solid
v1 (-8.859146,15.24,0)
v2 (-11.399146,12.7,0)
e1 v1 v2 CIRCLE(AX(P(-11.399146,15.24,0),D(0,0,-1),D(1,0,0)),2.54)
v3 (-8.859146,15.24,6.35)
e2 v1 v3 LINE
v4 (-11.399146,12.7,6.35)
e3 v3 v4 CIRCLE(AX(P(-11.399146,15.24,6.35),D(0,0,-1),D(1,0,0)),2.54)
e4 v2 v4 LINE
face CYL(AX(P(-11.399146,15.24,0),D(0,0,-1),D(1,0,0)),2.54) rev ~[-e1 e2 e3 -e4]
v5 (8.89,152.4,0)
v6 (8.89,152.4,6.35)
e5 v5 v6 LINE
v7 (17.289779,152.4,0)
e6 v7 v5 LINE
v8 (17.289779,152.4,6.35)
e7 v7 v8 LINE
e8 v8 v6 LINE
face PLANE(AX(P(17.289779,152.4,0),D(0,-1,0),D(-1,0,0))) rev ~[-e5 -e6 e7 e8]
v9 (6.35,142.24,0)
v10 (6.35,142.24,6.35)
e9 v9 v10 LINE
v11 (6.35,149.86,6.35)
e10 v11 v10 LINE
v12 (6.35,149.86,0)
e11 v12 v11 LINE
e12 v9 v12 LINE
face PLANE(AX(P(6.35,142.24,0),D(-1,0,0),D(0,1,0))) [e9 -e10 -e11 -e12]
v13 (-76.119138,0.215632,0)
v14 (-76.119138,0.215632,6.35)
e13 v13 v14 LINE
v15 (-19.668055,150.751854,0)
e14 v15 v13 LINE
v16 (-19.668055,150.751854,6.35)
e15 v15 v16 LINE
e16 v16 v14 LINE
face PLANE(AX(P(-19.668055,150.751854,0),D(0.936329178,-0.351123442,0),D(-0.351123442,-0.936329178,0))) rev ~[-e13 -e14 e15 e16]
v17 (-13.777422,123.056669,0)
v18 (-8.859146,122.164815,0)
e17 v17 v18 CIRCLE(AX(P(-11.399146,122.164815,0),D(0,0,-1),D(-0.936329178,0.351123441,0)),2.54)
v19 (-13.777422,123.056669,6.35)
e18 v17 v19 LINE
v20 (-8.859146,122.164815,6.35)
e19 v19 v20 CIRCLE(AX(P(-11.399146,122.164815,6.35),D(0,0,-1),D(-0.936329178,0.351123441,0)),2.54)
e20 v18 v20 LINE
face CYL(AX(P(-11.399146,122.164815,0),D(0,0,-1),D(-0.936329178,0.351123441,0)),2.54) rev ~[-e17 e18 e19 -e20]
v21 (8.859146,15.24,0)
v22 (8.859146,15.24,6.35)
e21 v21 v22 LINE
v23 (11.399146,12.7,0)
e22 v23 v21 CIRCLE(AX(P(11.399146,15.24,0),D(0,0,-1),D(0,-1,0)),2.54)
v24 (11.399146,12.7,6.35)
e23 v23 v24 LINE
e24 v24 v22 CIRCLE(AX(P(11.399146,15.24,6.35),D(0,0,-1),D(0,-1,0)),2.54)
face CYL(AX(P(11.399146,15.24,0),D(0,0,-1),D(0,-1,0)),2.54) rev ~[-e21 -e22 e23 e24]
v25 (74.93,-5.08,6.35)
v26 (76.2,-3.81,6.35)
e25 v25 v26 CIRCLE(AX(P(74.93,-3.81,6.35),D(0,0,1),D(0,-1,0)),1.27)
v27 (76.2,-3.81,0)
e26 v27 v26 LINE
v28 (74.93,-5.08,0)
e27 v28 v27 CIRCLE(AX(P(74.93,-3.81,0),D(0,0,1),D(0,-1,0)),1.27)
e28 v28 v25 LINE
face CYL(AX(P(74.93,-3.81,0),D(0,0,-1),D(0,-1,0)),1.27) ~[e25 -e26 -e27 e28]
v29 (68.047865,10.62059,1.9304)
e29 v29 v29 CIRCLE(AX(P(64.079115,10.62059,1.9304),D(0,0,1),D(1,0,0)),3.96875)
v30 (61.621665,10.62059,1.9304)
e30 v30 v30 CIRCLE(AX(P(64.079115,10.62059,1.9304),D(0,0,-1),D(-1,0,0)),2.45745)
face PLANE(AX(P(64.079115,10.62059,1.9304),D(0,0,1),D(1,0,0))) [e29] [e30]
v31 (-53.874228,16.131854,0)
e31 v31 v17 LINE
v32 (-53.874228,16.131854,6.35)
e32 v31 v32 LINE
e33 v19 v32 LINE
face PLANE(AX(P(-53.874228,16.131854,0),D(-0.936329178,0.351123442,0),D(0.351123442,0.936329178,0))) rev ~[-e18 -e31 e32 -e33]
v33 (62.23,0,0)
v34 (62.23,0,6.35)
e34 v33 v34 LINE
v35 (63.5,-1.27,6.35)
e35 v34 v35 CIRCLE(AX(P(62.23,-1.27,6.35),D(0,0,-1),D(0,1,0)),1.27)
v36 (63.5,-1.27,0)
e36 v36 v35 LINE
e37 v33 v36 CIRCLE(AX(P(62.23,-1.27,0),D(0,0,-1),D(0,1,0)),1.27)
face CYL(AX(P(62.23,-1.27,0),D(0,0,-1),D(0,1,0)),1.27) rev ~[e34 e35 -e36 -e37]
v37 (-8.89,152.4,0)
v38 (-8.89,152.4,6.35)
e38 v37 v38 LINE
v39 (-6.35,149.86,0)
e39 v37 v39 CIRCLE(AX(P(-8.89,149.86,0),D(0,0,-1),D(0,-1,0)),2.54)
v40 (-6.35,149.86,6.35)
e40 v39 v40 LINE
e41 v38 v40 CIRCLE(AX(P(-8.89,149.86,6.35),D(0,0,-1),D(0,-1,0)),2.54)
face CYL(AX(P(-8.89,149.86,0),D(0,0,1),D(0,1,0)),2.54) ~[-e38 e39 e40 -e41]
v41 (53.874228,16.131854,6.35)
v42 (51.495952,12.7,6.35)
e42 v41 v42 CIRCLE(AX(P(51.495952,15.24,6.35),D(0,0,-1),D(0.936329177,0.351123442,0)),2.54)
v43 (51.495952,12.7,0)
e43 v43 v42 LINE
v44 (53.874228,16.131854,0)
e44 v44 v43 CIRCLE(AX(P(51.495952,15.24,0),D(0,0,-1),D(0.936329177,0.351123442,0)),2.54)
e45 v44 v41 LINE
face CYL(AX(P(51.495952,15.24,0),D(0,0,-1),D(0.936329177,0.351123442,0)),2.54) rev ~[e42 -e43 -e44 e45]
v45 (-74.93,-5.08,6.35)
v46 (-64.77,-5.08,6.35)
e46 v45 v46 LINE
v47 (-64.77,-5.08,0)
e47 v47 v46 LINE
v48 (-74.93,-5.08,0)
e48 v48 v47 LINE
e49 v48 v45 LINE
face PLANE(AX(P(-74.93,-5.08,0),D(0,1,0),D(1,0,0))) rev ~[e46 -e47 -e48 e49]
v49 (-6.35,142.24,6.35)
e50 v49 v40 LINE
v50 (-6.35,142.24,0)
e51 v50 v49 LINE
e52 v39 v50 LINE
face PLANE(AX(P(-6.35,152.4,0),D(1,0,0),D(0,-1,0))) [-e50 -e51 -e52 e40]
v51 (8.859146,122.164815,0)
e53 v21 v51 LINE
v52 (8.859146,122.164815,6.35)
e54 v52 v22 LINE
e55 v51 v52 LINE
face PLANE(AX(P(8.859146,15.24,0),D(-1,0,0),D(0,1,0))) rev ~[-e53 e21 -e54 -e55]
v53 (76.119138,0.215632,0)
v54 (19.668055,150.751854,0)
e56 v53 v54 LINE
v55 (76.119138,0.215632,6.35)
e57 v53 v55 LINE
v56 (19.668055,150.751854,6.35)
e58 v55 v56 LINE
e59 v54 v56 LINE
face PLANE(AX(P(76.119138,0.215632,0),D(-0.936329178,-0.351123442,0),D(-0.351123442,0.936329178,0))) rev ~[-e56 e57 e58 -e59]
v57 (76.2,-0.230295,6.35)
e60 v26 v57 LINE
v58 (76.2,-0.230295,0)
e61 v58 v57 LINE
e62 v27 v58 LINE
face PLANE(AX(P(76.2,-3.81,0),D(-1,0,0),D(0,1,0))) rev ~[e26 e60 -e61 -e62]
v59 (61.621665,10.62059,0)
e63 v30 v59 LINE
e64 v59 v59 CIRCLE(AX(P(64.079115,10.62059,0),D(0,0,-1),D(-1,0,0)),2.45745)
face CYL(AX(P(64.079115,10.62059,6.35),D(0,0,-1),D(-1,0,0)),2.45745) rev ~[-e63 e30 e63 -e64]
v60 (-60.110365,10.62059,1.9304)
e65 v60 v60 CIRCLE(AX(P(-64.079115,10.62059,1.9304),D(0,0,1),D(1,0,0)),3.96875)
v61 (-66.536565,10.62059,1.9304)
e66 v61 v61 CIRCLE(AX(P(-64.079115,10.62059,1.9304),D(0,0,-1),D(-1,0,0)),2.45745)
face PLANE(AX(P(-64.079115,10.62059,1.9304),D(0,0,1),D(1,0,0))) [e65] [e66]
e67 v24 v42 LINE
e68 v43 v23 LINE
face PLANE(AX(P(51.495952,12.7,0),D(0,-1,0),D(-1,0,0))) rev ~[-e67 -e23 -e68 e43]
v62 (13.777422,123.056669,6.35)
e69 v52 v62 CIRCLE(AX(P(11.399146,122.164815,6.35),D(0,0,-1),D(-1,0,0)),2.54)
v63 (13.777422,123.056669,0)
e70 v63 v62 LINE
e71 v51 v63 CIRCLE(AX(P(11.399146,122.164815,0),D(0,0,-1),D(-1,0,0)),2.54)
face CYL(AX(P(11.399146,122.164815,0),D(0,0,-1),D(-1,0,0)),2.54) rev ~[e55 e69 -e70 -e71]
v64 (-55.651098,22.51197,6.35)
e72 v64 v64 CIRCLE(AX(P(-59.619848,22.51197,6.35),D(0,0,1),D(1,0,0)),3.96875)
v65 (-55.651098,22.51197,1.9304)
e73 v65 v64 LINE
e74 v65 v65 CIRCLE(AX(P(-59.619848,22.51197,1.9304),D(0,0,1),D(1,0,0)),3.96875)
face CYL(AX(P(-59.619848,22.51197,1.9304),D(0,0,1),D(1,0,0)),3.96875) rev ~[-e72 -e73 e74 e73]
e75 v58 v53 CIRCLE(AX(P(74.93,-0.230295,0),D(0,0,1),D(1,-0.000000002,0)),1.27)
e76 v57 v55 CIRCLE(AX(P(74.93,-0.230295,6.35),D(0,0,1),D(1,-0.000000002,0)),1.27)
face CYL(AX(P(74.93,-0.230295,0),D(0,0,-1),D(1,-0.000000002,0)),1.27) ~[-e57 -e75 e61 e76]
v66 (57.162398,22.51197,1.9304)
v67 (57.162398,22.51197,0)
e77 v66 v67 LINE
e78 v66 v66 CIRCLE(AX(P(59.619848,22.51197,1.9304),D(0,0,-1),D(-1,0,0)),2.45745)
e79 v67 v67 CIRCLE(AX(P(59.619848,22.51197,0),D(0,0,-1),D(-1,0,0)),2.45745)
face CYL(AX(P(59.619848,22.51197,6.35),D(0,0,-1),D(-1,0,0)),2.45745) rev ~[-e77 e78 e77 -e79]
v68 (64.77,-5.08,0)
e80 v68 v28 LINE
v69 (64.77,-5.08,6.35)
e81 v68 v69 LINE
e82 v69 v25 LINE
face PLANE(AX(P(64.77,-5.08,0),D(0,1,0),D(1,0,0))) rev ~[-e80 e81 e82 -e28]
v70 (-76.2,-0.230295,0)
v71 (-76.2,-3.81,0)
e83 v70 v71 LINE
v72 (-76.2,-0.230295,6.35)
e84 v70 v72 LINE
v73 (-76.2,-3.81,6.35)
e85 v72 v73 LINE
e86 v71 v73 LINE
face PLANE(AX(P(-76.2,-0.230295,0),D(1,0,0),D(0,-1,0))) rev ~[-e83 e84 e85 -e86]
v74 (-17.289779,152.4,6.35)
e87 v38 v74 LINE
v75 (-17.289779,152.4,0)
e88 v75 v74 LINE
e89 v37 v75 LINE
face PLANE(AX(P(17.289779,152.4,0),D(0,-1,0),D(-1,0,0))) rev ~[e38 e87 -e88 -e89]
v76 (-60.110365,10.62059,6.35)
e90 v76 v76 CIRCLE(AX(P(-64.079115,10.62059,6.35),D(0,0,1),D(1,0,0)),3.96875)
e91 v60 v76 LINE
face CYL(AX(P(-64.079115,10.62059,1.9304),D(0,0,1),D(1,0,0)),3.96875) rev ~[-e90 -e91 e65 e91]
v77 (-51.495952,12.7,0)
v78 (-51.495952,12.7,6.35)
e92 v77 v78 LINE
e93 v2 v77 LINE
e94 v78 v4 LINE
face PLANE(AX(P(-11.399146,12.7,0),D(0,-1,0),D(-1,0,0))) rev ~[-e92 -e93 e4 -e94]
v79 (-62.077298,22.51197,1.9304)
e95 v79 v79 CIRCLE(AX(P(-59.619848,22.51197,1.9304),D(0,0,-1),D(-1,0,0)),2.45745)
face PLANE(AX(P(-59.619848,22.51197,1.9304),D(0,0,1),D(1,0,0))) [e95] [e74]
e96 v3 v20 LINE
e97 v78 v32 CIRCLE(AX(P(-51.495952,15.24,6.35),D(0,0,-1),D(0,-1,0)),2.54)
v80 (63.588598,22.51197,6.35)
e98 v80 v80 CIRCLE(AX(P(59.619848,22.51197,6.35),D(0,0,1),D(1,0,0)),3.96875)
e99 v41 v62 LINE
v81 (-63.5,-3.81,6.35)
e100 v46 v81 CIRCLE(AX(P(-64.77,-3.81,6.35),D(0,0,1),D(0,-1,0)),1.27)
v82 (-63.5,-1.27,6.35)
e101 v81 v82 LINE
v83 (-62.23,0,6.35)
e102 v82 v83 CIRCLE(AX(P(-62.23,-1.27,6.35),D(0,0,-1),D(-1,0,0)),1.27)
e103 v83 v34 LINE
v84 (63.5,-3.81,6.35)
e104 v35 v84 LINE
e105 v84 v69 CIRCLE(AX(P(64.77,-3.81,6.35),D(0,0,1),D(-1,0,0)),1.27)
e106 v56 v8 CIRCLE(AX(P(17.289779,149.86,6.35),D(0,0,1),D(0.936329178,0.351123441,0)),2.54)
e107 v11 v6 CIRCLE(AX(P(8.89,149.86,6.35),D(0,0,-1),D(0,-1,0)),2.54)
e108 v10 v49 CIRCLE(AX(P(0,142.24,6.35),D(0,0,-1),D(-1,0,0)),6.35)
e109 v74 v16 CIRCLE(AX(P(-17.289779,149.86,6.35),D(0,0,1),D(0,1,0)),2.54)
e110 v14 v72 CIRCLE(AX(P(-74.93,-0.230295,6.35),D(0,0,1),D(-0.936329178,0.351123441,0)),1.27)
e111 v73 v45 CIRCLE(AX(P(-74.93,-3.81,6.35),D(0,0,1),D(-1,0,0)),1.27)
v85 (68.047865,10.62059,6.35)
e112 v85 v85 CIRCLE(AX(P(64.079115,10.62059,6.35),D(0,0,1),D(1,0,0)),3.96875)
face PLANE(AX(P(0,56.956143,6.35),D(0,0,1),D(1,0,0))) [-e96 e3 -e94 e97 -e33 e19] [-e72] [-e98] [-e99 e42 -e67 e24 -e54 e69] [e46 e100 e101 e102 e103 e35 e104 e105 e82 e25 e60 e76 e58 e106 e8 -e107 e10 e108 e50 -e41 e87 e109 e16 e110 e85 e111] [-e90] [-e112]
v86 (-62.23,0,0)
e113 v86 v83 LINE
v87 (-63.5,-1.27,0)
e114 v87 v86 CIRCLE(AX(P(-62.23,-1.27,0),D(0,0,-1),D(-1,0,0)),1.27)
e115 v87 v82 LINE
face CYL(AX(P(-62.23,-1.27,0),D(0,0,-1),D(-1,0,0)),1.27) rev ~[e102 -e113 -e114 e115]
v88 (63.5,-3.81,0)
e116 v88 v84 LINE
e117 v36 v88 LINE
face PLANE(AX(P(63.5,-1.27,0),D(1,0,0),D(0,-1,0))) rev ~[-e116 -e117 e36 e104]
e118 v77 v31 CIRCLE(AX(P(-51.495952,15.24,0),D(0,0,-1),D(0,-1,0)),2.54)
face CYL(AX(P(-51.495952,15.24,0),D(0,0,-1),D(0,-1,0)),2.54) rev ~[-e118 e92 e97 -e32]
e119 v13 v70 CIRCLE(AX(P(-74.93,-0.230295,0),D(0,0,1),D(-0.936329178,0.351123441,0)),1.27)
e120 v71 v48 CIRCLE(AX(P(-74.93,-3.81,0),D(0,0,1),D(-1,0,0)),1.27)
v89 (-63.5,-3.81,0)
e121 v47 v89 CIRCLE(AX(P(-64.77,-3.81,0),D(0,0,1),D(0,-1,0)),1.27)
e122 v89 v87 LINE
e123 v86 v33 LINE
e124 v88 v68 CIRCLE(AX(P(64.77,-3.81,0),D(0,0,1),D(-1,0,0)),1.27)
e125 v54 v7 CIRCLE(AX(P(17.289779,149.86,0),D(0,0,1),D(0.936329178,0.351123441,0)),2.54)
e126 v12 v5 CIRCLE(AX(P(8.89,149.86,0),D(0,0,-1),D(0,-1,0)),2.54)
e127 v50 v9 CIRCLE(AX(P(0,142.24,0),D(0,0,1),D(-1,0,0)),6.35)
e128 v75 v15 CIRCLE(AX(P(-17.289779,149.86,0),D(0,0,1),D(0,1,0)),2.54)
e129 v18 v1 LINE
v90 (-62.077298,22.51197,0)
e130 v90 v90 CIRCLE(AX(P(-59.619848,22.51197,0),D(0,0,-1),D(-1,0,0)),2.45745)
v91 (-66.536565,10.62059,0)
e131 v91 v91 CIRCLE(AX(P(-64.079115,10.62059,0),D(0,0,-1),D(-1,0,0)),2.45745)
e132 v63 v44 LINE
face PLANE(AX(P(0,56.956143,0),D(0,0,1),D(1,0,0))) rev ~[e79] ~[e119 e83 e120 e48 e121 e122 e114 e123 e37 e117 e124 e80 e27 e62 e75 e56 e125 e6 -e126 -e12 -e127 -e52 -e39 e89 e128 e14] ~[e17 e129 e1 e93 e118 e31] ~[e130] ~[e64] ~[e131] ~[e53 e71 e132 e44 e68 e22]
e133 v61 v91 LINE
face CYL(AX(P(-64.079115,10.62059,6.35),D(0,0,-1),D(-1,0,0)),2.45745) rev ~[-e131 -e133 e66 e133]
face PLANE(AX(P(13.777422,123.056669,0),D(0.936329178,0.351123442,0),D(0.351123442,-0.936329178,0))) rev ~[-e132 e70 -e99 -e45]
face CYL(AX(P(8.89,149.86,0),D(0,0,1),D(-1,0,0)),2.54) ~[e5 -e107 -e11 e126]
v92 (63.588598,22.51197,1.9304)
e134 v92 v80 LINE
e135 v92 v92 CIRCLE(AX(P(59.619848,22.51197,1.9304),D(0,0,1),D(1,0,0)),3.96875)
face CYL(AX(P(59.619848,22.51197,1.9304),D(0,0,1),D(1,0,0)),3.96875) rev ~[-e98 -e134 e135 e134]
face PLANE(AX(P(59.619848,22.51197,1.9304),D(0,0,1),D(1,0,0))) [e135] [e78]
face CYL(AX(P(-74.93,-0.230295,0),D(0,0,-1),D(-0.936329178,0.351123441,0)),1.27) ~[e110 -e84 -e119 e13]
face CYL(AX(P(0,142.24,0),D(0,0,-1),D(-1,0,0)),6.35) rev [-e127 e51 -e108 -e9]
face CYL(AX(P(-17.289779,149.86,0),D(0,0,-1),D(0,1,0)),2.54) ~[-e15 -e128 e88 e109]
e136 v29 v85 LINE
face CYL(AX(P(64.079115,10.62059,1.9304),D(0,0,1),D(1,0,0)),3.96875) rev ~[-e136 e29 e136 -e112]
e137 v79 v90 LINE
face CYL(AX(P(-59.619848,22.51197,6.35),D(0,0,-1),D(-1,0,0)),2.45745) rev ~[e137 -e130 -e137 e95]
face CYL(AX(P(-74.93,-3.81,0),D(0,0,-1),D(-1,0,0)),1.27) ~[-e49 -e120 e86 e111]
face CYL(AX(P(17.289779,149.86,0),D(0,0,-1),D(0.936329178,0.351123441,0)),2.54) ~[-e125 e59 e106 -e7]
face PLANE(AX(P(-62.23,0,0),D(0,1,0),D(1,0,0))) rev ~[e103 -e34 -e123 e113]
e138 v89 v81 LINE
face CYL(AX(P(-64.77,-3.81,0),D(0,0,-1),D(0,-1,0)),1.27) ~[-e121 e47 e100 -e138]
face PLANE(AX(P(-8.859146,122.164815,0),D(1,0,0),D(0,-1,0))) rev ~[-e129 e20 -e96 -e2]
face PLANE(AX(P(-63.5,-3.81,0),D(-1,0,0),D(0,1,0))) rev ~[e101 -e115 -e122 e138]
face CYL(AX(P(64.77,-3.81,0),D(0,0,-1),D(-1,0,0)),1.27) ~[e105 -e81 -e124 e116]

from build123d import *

# Parameters (mm, degrees)
BOSS_EXTRUDE1_DEPTH                            = 6.35
CUT_EXTRUDE1_DEPTH                             = 7.35
CUT_EXTRUDE2_DEPTH                             = 7.35
FILLET1_R                                      = 2.54
CBORE_FOR_8_SOCKET_HEAD_CAP_SCREW1_D           = 4.9149
CBORE_FOR_8_SOCKET_HEAD_CAP_SCREW1_CBORE_D     = 7.9375
CBORE_FOR_8_SOCKET_HEAD_CAP_SCREW1_CBORE_DEPTH = 4.4196


with BuildPart() as part:
    # Sketch1 → Boss-Extrude1 (new body)
    with BuildSketch(Plane.XY):
        with BuildLine():
            Line((-19.668054922, 150.751853542), (-76.119138056, 0.215631852))
            ThreePointArc((-76.119138056, 0.215631852), (-76.179621009, -0.003695416), (-76.2, -0.230294919))
            Line((-76.2, -0.230294919), (-76.2, -3.81))
            ThreePointArc((-76.2, -3.81), (-75.828025612, -4.708025612), (-74.93, -5.08))
            Line((-74.93, -5.08), (-64.77, -5.08))
            ThreePointArc((-64.77, -5.08), (-63.871974388, -4.708025612), (-63.5, -3.81))
            Line((-63.5, -3.81), (-63.5, -1.27))
            ThreePointArc((-63.5, -1.27), (-63.128025612, -0.371974388), (-62.23, 0))
            Line((-62.23, 0), (62.23, 0))
            ThreePointArc((62.23, 0), (63.128025612, -0.371974388), (63.5, -1.27))
            Line((63.5, -1.27), (63.5, -3.81))
            ThreePointArc((63.5, -3.81), (63.871974388, -4.708025612), (64.77, -5.08))
            Line((64.77, -5.08), (74.93, -5.08))
            ThreePointArc((74.93, -5.08), (75.828025612, -4.708025612), (76.2, -3.81))
            Line((76.2, -3.81), (76.2, -0.230294919))
            ThreePointArc((76.2, -0.230294919), (76.179621009, -0.003695416), (76.119138056, 0.215631852))
            Line((76.119138056, 0.215631852), (19.668054922, 150.751853542))
            ThreePointArc((19.668054922, 150.751853542), (18.736549699, 151.947691069), (17.289778811, 152.4))
            Line((17.289778811, 152.4), (-17.289778811, 152.4))
            ThreePointArc((-17.289778811, 152.4), (-18.736549699, 151.947691069), (-19.668054922, 150.751853542))
        make_face()
    extrude(amount=BOSS_EXTRUDE1_DEPTH)

    # Sketch2 → Cut-Extrude1 (cut, through all)
    with BuildSketch(Plane(origin=(0, 0, 0), x_dir=(-1, 0, 0), z_dir=(0, 0, -1))):
        with BuildLine():
            Line((-8.859145886, 15.24), (-8.859145886, 122.164815439))
            ThreePointArc((-8.859145886, 122.164815439), (-10.94594688, 124.664057457), (-13.777421997, 123.056668981))
            Line((-13.777421997, 123.056668981), (-53.874227787, 16.131853542))
            ThreePointArc((-53.874227787, 16.131853542), (-53.583642745, 13.793229112), (-51.495951676, 12.7))
            Line((-51.495951676, 12.7), (-11.399145886, 12.7))
            ThreePointArc((-11.399145886, 12.7), (-9.603094662, 13.443948776), (-8.859145886, 15.24))
        make_face()
        with BuildLine():
            Line((53.874227787, 16.131853542), (13.777421997, 123.056668981))
            ThreePointArc((13.777421997, 123.056668981), (10.94594688, 124.664057457), (8.859145886, 122.164815439))
            Line((8.859145886, 122.164815439), (8.859145886, 15.24))
            ThreePointArc((8.859145886, 15.24), (9.603094662, 13.443948776), (11.399145886, 12.7))
            Line((11.399145886, 12.7), (51.495951676, 12.7))
            ThreePointArc((51.495951676, 12.7), (53.583642745, 13.793229112), (53.874227787, 16.131853542))
        make_face()
    extrude(amount=-CUT_EXTRUDE1_DEPTH, mode=Mode.SUBTRACT)

    # Sketch3 → Cut-Extrude2 (cut, through all)
    with BuildSketch(Plane(origin=(0, 0, 0), x_dir=(-1, 0, 0), z_dir=(0, 0, -1))):
        with BuildLine():
            Line((-6.35, 142.24), (-6.35, 152.4))
            Line((-6.35, 152.4), (6.35, 152.4))
            Line((6.35, 152.4), (6.35, 142.24))
            ThreePointArc((6.35, 142.24), (0, 135.89), (-6.35, 142.24))
        make_face()
    extrude(amount=-CUT_EXTRUDE2_DEPTH, mode=Mode.SUBTRACT)

    # Fillet1
    fillet1_edges = [part.edges().sort_by_distance(p)[0] for p in [
        (6.35, 152.4, 3.175),
        (-6.35, 152.4, 3.175),
    ]]
    fillet(fillet1_edges, radius=FILLET1_R)

    # CBORE for #8 Socket Head Cap Screw1 (through all)
    with Locations(Plane.XY.offset(6.35)):
        with Locations((-59.619847535, 22.511970393), (-64.079115243, 10.620589838), (59.619847535, 22.511970393), (64.079115243, 10.620589838)):
            CounterBoreHole(CBORE_FOR_8_SOCKET_HEAD_CAP_SCREW1_D / 2, CBORE_FOR_8_SOCKET_HEAD_CAP_SCREW1_CBORE_D / 2, CBORE_FOR_8_SOCKET_HEAD_CAP_SCREW1_CBORE_DEPTH)


solid = part.part
